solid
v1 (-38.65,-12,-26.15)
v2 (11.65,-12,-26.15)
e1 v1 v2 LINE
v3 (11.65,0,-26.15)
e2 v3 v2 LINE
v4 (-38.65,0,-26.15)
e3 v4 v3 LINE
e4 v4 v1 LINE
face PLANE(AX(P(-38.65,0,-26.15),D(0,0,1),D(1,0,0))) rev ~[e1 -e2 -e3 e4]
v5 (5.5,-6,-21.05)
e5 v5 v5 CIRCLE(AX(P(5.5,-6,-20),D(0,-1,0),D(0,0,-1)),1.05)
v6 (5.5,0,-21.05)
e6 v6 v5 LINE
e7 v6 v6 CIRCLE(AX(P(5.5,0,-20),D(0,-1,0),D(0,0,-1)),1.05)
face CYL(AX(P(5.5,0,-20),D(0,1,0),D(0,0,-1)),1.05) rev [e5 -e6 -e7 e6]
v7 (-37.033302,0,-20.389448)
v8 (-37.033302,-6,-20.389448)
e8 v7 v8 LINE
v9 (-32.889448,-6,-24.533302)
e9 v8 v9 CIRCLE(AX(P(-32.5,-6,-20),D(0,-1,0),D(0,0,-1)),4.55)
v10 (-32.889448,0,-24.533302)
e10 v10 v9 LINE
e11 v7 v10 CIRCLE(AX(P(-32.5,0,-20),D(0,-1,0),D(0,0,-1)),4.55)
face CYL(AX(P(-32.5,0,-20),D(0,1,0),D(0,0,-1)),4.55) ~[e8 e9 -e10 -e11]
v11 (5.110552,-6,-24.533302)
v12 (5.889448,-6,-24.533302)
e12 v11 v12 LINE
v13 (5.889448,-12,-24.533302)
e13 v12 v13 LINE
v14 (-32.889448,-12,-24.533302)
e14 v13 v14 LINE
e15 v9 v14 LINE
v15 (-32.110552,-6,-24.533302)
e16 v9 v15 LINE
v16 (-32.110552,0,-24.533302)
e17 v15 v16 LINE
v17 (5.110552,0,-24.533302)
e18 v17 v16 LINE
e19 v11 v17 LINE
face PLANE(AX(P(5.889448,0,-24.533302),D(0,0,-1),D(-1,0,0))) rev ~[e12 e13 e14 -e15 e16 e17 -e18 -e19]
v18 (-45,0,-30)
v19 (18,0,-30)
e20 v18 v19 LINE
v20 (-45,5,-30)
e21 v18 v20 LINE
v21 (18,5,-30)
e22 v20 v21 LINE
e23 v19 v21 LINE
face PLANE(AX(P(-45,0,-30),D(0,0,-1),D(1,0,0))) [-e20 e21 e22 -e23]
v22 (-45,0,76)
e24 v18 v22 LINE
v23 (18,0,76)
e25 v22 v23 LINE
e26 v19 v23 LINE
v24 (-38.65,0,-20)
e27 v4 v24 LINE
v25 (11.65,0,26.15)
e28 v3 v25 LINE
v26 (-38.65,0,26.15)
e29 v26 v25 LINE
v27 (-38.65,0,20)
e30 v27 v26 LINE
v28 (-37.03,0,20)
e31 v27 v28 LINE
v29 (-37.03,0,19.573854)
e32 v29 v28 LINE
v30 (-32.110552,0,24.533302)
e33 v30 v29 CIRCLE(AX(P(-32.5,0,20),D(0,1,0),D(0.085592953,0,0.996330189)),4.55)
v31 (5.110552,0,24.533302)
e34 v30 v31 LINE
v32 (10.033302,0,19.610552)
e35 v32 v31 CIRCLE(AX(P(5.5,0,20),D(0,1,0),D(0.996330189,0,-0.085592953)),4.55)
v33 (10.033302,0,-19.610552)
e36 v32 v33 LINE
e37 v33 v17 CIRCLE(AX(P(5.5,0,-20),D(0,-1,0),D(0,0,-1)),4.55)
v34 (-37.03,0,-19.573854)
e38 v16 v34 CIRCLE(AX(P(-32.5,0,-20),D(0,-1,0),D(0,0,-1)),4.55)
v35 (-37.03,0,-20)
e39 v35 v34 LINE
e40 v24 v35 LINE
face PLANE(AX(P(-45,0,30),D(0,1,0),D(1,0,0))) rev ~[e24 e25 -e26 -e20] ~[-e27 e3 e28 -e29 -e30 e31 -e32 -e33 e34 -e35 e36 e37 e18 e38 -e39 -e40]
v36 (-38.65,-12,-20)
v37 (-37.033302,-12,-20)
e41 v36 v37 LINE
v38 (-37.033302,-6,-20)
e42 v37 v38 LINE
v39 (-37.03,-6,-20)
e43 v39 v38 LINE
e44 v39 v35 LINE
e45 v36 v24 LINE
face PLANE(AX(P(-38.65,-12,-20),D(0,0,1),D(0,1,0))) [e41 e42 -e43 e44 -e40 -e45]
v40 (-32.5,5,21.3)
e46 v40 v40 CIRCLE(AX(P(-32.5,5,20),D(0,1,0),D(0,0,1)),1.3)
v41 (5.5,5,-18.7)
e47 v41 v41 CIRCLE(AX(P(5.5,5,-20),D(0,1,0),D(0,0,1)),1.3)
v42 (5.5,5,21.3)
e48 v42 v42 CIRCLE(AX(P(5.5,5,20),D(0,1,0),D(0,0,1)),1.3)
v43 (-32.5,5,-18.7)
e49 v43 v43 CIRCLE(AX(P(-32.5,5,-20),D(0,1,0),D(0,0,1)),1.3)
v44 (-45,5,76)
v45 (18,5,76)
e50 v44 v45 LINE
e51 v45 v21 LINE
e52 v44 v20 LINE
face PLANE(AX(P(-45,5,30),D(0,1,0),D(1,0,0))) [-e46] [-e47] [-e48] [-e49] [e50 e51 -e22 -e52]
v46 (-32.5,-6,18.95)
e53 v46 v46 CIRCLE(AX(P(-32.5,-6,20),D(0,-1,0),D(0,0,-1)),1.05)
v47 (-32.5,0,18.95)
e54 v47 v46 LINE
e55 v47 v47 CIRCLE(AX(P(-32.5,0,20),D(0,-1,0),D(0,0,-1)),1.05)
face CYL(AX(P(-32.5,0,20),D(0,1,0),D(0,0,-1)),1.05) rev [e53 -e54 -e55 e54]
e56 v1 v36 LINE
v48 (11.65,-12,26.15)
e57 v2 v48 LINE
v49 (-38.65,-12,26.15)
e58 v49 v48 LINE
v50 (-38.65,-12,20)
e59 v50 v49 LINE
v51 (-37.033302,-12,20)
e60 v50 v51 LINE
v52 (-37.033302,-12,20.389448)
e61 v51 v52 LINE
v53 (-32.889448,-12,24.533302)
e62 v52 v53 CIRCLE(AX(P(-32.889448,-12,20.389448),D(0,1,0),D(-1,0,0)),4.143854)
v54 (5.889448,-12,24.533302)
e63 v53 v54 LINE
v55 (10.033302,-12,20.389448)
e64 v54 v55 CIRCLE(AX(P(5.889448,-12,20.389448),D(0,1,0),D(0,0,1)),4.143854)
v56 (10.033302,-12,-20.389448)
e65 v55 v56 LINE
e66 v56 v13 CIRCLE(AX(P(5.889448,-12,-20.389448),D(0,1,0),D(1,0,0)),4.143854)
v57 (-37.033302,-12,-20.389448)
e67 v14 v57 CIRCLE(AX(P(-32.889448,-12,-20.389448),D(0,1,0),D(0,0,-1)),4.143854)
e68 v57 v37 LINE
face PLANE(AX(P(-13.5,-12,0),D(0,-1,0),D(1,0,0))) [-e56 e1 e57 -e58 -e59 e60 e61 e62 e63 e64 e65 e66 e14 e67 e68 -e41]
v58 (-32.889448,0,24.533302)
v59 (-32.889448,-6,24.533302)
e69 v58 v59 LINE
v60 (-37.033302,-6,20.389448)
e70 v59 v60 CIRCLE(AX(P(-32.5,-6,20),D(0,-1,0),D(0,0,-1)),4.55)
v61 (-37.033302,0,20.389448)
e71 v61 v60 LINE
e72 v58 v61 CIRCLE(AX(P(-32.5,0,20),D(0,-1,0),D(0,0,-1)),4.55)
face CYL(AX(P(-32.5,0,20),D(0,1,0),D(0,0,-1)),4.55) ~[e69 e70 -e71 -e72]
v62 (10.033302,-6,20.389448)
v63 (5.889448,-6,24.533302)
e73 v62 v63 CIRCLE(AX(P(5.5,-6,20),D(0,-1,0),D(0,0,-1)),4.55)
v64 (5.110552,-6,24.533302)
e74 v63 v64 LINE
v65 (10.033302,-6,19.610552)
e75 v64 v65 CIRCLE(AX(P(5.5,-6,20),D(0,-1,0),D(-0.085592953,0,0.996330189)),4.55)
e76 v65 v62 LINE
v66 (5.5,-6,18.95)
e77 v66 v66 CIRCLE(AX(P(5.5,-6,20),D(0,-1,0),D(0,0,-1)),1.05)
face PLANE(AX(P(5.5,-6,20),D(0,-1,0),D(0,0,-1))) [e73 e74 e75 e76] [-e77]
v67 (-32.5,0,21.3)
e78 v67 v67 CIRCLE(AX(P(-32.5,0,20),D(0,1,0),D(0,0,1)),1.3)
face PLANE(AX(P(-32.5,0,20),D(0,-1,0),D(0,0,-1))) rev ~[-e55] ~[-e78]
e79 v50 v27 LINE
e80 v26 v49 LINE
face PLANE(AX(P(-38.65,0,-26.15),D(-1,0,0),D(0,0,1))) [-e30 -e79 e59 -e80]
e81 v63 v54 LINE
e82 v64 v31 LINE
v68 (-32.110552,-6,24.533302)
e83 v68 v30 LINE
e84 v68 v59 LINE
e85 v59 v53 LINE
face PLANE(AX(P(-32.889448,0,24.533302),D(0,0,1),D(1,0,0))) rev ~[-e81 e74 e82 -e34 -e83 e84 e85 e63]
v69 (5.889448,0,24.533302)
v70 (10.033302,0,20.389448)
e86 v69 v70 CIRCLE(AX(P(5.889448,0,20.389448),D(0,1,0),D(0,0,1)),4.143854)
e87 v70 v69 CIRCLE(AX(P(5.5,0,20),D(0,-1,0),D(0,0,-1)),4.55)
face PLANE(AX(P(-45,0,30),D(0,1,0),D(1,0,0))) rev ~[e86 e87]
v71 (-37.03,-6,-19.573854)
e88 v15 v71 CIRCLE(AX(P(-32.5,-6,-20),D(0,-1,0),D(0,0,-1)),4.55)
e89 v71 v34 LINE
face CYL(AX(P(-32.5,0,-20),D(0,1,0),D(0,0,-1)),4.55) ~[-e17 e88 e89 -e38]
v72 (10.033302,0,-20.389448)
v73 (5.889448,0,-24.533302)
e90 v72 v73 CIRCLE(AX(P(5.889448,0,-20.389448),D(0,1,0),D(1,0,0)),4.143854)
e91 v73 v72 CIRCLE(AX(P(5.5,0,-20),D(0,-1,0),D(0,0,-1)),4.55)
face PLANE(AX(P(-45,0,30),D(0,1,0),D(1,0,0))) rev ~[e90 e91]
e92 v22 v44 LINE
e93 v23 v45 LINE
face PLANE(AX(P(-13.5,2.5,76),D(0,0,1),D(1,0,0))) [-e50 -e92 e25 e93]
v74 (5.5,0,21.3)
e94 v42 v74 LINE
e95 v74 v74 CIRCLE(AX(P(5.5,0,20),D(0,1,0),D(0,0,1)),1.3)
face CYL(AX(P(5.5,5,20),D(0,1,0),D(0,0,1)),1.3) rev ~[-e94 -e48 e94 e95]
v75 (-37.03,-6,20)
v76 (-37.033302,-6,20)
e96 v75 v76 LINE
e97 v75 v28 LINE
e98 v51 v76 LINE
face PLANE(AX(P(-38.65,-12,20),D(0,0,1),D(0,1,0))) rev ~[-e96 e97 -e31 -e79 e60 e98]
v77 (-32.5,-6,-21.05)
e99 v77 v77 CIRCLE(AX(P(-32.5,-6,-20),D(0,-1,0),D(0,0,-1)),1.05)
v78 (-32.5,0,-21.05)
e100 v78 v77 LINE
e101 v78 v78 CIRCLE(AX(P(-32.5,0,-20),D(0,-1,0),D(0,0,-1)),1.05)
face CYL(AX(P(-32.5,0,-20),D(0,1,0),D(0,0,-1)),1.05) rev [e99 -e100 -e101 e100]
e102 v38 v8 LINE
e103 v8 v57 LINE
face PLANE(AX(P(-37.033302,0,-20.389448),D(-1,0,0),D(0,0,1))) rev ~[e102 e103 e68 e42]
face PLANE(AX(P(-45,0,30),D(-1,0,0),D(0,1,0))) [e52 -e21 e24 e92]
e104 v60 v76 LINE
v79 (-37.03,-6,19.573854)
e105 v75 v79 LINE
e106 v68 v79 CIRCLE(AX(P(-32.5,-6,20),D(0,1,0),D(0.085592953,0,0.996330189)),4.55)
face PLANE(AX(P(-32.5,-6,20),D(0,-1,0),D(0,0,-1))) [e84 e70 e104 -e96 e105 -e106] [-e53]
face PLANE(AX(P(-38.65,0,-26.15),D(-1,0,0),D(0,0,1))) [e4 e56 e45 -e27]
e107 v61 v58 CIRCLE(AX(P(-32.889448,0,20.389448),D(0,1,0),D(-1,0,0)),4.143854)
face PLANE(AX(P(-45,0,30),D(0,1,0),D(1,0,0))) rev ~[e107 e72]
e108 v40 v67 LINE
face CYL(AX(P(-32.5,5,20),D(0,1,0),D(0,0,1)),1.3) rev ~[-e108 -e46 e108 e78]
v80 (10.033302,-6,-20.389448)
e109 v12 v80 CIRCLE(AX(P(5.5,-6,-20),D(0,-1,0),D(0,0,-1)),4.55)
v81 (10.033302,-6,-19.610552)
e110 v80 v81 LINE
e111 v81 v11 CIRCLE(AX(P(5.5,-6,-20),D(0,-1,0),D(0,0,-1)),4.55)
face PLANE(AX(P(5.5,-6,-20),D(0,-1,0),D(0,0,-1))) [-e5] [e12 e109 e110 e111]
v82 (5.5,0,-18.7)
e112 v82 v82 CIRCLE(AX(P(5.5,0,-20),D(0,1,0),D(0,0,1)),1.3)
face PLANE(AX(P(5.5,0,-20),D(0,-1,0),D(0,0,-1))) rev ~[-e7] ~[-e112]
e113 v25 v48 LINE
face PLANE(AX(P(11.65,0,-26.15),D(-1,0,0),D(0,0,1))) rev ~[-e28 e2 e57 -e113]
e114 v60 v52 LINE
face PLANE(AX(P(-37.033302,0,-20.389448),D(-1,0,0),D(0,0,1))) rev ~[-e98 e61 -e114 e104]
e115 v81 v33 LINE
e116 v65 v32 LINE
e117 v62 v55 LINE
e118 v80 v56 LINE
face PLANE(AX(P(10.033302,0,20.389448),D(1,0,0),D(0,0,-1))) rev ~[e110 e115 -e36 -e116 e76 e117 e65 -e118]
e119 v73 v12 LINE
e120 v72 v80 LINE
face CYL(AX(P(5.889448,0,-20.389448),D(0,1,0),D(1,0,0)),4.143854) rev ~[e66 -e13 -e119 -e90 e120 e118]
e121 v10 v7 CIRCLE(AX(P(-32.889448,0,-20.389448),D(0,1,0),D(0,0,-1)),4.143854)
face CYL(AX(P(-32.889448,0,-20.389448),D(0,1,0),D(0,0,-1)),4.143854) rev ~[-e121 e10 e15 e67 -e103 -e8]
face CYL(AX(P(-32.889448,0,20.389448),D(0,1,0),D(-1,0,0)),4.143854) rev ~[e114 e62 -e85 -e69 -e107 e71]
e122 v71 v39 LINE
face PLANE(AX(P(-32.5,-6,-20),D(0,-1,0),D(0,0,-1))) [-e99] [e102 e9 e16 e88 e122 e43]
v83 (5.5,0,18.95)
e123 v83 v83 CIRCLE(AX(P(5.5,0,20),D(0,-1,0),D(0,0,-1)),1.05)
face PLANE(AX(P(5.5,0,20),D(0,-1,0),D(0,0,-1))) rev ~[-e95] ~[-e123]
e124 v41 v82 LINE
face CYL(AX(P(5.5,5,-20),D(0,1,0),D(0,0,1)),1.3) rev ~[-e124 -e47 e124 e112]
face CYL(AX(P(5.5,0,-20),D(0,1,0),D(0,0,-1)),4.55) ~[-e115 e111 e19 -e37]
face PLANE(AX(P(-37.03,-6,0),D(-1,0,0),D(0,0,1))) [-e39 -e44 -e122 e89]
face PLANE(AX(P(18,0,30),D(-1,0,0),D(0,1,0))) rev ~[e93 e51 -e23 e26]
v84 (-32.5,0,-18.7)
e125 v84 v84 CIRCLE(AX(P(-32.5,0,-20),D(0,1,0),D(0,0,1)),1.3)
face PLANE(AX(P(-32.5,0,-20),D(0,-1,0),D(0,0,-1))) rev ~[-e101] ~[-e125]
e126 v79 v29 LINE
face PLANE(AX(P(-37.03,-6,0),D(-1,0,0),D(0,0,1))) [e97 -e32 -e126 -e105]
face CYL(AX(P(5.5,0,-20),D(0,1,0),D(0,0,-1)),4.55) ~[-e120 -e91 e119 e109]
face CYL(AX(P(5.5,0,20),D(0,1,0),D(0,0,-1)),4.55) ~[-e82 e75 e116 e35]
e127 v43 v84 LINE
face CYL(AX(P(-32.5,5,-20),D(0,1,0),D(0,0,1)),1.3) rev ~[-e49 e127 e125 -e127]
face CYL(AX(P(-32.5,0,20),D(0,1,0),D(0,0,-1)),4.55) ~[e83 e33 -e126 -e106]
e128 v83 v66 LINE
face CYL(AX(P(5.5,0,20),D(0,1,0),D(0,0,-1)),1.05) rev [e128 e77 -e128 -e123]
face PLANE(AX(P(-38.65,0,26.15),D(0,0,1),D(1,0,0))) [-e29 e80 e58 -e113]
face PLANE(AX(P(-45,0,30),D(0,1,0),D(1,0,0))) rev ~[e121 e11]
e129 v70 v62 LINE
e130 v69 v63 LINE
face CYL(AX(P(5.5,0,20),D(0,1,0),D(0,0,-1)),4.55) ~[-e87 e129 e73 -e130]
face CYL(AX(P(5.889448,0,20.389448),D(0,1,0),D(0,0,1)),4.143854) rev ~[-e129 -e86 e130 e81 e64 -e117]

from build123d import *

# Parameters (mm, degrees)
SKETCH3_W           = 63
SKETCH3_H           = 60
BOSS_EXTRUDE3_DEPTH = 5
CUT_EXTRUDE1_REACH  = 56.314
SKETCH4_R           = 1.3
SKETCH9_R           = 4.55
SKETCH9_R_2         = 1.05
BOSS_EXTRUDE5_DEPTH = 6
SKETCH11_W          = 63
SKETCH11_H          = 5
BOSS_EXTRUDE7_DEPTH = 46
SKETCH12_W          = 50.3
SKETCH12_H          = 52.3
BOSS_EXTRUDE8_DEPTH = 12
SKETCH13_W          = 40
SKETCH13_H          = 12
CUT_EXTRUDE4_DEPTH  = 1.62


with BuildPart() as part:
    # Sketch3 → Boss-Extrude3 (new body)
    with BuildSketch(Plane(origin=(0, 0, 0), x_dir=(1, 0, 0), z_dir=(0, 1, 0))):
        with Locations((-13.5, 0)):
            Rectangle(SKETCH3_W, SKETCH3_H)
    extrude(amount=BOSS_EXTRUDE3_DEPTH)

    # Sketch4 → Cut-Extrude1 (cut, up to next)
    with BuildSketch(Plane(origin=(0, 5, 0), x_dir=(1, 0, 0), z_dir=(0, 1, 0)), mode=Mode.PRIVATE) as cut_extrude1_sk1:
        with Locations(Location((-32.5, 20, 0), (0, 0, 270))):
            Circle(SKETCH4_R)
    cut_extrude1_tool1 = extrude(cut_extrude1_sk1.sketch, amount=-CUT_EXTRUDE1_REACH, mode=Mode.PRIVATE) & part.part
    # Sketch4 → Cut-Extrude1 (cut, up to next)
    with BuildSketch(Plane(origin=(0, 5, 0), x_dir=(1, 0, 0), z_dir=(0, 1, 0)), mode=Mode.PRIVATE) as cut_extrude1_sk2:
        with Locations(Location((5.5, 20, 0), (0, 0, 270))):
            Circle(SKETCH4_R)
    cut_extrude1_tool2 = extrude(cut_extrude1_sk2.sketch, amount=-CUT_EXTRUDE1_REACH, mode=Mode.PRIVATE) & part.part
    # Sketch4 → Cut-Extrude1 (cut, up to next)
    with BuildSketch(Plane(origin=(0, 5, 0), x_dir=(1, 0, 0), z_dir=(0, 1, 0)), mode=Mode.PRIVATE) as cut_extrude1_sk3:
        with Locations(Location((5.5, -20, 0), (0, 0, 270))):
            Circle(SKETCH4_R)
    cut_extrude1_tool3 = extrude(cut_extrude1_sk3.sketch, amount=-CUT_EXTRUDE1_REACH, mode=Mode.PRIVATE) & part.part
    # Sketch4 → Cut-Extrude1 (cut, up to next)
    with BuildSketch(Plane(origin=(0, 5, 0), x_dir=(1, 0, 0), z_dir=(0, 1, 0)), mode=Mode.PRIVATE) as cut_extrude1_sk4:
        with Locations(Location((-32.5, -20, 0), (0, 0, 270))):
            Circle(SKETCH4_R)
    cut_extrude1_tool4 = extrude(cut_extrude1_sk4.sketch, amount=-CUT_EXTRUDE1_REACH, mode=Mode.PRIVATE) & part.part
    add(cut_extrude1_tool1.solids().sort_by_distance((-32.5, 5, -20))[0], mode=Mode.SUBTRACT)
    add(cut_extrude1_tool2.solids().sort_by_distance((5.5, 5, -20))[0], mode=Mode.SUBTRACT)
    add(cut_extrude1_tool3.solids().sort_by_distance((5.5, 5, 20))[0], mode=Mode.SUBTRACT)
    add(cut_extrude1_tool4.solids().sort_by_distance((-32.5, 5, 20))[0], mode=Mode.SUBTRACT)

    # Sketch9 → Boss-Extrude5 (add)
    # profile 1 of 4: a face of its own
    with BuildSketch(Plane.XZ):
        with Locations(Location((-32.5, 20, 0), (0, 0, 270))):
            Circle(SKETCH9_R)
        with Locations(Location((-32.5, 20, 0), (0, 0, 270))):
            Circle(SKETCH9_R_2, mode=Mode.SUBTRACT)
    # profile 2 of 4: a face of its own
    with BuildSketch(Plane.XZ):
        with Locations(Location((-32.5, -20, 0), (0, 0, 270))):
            Circle(SKETCH9_R)
        with Locations(Location((-32.5, -20, 0), (0, 0, 270))):
            Circle(SKETCH9_R_2, mode=Mode.SUBTRACT)
    # profile 3 of 4: a face of its own
    with BuildSketch(Plane.XZ):
        with Locations(Location((5.5, 20, 0), (0, 0, 270))):
            Circle(SKETCH9_R)
        with Locations(Location((5.5, 20, 0), (0, 0, 270))):
            Circle(SKETCH9_R_2, mode=Mode.SUBTRACT)
    # profile 4 of 4: a face of its own
    with BuildSketch(Plane.XZ):
        with Locations(Location((5.5, -20, 0), (0, 0, 270))):
            Circle(SKETCH9_R)
        with Locations(Location((5.5, -20, 0), (0, 0, 270))):
            Circle(SKETCH9_R_2, mode=Mode.SUBTRACT)
    extrude(amount=BOSS_EXTRUDE5_DEPTH)

    # Sketch11 → Boss-Extrude7 (add)
    with BuildSketch(Plane.XY.offset(30)):
        with Locations((-13.5, 2.5)):
            Rectangle(SKETCH11_W, SKETCH11_H)
    extrude(amount=BOSS_EXTRUDE7_DEPTH)

    # Sketch12 → Boss-Extrude8 (add)
    with BuildSketch(Plane.XZ):
        with Locations((-13.5, 0)):
            Rectangle(SKETCH12_W, SKETCH12_H)
        with BuildLine():
            Line((-32.889447937, 24.533302362), (5.889447937, 24.533302362))
            ThreePointArc((5.889447937, 24.533302362), (8.819595501, 23.319595501), (10.033302362, 20.389447937))
            Line((10.033302362, 20.389447937), (10.033302362, -20.389447937))
            ThreePointArc((10.033302362, -20.389447937), (8.819595501, -23.319595501), (5.889447937, -24.533302362))
            Line((5.889447937, -24.533302362), (-32.889447937, -24.533302362))
            ThreePointArc((-32.889447937, -24.533302362), (-35.819595501, -23.319595501), (-37.033302362, -20.389447937))
            Line((-37.033302362, -20.389447937), (-37.033302362, 20.389447937))
            ThreePointArc((-37.033302362, 20.389447937), (-35.819595501, 23.319595501), (-32.889447937, 24.533302362))
        make_face(mode=Mode.SUBTRACT)
    extrude(amount=BOSS_EXTRUDE8_DEPTH)

    # Sketch13 → Cut-Extrude4 (cut)
    with BuildSketch(Plane.ZY.offset(38.65)):
        with Locations((0, -6)):
            Rectangle(SKETCH13_W, SKETCH13_H)
    extrude(amount=-CUT_EXTRUDE4_DEPTH, mode=Mode.SUBTRACT)


solid = part.part
